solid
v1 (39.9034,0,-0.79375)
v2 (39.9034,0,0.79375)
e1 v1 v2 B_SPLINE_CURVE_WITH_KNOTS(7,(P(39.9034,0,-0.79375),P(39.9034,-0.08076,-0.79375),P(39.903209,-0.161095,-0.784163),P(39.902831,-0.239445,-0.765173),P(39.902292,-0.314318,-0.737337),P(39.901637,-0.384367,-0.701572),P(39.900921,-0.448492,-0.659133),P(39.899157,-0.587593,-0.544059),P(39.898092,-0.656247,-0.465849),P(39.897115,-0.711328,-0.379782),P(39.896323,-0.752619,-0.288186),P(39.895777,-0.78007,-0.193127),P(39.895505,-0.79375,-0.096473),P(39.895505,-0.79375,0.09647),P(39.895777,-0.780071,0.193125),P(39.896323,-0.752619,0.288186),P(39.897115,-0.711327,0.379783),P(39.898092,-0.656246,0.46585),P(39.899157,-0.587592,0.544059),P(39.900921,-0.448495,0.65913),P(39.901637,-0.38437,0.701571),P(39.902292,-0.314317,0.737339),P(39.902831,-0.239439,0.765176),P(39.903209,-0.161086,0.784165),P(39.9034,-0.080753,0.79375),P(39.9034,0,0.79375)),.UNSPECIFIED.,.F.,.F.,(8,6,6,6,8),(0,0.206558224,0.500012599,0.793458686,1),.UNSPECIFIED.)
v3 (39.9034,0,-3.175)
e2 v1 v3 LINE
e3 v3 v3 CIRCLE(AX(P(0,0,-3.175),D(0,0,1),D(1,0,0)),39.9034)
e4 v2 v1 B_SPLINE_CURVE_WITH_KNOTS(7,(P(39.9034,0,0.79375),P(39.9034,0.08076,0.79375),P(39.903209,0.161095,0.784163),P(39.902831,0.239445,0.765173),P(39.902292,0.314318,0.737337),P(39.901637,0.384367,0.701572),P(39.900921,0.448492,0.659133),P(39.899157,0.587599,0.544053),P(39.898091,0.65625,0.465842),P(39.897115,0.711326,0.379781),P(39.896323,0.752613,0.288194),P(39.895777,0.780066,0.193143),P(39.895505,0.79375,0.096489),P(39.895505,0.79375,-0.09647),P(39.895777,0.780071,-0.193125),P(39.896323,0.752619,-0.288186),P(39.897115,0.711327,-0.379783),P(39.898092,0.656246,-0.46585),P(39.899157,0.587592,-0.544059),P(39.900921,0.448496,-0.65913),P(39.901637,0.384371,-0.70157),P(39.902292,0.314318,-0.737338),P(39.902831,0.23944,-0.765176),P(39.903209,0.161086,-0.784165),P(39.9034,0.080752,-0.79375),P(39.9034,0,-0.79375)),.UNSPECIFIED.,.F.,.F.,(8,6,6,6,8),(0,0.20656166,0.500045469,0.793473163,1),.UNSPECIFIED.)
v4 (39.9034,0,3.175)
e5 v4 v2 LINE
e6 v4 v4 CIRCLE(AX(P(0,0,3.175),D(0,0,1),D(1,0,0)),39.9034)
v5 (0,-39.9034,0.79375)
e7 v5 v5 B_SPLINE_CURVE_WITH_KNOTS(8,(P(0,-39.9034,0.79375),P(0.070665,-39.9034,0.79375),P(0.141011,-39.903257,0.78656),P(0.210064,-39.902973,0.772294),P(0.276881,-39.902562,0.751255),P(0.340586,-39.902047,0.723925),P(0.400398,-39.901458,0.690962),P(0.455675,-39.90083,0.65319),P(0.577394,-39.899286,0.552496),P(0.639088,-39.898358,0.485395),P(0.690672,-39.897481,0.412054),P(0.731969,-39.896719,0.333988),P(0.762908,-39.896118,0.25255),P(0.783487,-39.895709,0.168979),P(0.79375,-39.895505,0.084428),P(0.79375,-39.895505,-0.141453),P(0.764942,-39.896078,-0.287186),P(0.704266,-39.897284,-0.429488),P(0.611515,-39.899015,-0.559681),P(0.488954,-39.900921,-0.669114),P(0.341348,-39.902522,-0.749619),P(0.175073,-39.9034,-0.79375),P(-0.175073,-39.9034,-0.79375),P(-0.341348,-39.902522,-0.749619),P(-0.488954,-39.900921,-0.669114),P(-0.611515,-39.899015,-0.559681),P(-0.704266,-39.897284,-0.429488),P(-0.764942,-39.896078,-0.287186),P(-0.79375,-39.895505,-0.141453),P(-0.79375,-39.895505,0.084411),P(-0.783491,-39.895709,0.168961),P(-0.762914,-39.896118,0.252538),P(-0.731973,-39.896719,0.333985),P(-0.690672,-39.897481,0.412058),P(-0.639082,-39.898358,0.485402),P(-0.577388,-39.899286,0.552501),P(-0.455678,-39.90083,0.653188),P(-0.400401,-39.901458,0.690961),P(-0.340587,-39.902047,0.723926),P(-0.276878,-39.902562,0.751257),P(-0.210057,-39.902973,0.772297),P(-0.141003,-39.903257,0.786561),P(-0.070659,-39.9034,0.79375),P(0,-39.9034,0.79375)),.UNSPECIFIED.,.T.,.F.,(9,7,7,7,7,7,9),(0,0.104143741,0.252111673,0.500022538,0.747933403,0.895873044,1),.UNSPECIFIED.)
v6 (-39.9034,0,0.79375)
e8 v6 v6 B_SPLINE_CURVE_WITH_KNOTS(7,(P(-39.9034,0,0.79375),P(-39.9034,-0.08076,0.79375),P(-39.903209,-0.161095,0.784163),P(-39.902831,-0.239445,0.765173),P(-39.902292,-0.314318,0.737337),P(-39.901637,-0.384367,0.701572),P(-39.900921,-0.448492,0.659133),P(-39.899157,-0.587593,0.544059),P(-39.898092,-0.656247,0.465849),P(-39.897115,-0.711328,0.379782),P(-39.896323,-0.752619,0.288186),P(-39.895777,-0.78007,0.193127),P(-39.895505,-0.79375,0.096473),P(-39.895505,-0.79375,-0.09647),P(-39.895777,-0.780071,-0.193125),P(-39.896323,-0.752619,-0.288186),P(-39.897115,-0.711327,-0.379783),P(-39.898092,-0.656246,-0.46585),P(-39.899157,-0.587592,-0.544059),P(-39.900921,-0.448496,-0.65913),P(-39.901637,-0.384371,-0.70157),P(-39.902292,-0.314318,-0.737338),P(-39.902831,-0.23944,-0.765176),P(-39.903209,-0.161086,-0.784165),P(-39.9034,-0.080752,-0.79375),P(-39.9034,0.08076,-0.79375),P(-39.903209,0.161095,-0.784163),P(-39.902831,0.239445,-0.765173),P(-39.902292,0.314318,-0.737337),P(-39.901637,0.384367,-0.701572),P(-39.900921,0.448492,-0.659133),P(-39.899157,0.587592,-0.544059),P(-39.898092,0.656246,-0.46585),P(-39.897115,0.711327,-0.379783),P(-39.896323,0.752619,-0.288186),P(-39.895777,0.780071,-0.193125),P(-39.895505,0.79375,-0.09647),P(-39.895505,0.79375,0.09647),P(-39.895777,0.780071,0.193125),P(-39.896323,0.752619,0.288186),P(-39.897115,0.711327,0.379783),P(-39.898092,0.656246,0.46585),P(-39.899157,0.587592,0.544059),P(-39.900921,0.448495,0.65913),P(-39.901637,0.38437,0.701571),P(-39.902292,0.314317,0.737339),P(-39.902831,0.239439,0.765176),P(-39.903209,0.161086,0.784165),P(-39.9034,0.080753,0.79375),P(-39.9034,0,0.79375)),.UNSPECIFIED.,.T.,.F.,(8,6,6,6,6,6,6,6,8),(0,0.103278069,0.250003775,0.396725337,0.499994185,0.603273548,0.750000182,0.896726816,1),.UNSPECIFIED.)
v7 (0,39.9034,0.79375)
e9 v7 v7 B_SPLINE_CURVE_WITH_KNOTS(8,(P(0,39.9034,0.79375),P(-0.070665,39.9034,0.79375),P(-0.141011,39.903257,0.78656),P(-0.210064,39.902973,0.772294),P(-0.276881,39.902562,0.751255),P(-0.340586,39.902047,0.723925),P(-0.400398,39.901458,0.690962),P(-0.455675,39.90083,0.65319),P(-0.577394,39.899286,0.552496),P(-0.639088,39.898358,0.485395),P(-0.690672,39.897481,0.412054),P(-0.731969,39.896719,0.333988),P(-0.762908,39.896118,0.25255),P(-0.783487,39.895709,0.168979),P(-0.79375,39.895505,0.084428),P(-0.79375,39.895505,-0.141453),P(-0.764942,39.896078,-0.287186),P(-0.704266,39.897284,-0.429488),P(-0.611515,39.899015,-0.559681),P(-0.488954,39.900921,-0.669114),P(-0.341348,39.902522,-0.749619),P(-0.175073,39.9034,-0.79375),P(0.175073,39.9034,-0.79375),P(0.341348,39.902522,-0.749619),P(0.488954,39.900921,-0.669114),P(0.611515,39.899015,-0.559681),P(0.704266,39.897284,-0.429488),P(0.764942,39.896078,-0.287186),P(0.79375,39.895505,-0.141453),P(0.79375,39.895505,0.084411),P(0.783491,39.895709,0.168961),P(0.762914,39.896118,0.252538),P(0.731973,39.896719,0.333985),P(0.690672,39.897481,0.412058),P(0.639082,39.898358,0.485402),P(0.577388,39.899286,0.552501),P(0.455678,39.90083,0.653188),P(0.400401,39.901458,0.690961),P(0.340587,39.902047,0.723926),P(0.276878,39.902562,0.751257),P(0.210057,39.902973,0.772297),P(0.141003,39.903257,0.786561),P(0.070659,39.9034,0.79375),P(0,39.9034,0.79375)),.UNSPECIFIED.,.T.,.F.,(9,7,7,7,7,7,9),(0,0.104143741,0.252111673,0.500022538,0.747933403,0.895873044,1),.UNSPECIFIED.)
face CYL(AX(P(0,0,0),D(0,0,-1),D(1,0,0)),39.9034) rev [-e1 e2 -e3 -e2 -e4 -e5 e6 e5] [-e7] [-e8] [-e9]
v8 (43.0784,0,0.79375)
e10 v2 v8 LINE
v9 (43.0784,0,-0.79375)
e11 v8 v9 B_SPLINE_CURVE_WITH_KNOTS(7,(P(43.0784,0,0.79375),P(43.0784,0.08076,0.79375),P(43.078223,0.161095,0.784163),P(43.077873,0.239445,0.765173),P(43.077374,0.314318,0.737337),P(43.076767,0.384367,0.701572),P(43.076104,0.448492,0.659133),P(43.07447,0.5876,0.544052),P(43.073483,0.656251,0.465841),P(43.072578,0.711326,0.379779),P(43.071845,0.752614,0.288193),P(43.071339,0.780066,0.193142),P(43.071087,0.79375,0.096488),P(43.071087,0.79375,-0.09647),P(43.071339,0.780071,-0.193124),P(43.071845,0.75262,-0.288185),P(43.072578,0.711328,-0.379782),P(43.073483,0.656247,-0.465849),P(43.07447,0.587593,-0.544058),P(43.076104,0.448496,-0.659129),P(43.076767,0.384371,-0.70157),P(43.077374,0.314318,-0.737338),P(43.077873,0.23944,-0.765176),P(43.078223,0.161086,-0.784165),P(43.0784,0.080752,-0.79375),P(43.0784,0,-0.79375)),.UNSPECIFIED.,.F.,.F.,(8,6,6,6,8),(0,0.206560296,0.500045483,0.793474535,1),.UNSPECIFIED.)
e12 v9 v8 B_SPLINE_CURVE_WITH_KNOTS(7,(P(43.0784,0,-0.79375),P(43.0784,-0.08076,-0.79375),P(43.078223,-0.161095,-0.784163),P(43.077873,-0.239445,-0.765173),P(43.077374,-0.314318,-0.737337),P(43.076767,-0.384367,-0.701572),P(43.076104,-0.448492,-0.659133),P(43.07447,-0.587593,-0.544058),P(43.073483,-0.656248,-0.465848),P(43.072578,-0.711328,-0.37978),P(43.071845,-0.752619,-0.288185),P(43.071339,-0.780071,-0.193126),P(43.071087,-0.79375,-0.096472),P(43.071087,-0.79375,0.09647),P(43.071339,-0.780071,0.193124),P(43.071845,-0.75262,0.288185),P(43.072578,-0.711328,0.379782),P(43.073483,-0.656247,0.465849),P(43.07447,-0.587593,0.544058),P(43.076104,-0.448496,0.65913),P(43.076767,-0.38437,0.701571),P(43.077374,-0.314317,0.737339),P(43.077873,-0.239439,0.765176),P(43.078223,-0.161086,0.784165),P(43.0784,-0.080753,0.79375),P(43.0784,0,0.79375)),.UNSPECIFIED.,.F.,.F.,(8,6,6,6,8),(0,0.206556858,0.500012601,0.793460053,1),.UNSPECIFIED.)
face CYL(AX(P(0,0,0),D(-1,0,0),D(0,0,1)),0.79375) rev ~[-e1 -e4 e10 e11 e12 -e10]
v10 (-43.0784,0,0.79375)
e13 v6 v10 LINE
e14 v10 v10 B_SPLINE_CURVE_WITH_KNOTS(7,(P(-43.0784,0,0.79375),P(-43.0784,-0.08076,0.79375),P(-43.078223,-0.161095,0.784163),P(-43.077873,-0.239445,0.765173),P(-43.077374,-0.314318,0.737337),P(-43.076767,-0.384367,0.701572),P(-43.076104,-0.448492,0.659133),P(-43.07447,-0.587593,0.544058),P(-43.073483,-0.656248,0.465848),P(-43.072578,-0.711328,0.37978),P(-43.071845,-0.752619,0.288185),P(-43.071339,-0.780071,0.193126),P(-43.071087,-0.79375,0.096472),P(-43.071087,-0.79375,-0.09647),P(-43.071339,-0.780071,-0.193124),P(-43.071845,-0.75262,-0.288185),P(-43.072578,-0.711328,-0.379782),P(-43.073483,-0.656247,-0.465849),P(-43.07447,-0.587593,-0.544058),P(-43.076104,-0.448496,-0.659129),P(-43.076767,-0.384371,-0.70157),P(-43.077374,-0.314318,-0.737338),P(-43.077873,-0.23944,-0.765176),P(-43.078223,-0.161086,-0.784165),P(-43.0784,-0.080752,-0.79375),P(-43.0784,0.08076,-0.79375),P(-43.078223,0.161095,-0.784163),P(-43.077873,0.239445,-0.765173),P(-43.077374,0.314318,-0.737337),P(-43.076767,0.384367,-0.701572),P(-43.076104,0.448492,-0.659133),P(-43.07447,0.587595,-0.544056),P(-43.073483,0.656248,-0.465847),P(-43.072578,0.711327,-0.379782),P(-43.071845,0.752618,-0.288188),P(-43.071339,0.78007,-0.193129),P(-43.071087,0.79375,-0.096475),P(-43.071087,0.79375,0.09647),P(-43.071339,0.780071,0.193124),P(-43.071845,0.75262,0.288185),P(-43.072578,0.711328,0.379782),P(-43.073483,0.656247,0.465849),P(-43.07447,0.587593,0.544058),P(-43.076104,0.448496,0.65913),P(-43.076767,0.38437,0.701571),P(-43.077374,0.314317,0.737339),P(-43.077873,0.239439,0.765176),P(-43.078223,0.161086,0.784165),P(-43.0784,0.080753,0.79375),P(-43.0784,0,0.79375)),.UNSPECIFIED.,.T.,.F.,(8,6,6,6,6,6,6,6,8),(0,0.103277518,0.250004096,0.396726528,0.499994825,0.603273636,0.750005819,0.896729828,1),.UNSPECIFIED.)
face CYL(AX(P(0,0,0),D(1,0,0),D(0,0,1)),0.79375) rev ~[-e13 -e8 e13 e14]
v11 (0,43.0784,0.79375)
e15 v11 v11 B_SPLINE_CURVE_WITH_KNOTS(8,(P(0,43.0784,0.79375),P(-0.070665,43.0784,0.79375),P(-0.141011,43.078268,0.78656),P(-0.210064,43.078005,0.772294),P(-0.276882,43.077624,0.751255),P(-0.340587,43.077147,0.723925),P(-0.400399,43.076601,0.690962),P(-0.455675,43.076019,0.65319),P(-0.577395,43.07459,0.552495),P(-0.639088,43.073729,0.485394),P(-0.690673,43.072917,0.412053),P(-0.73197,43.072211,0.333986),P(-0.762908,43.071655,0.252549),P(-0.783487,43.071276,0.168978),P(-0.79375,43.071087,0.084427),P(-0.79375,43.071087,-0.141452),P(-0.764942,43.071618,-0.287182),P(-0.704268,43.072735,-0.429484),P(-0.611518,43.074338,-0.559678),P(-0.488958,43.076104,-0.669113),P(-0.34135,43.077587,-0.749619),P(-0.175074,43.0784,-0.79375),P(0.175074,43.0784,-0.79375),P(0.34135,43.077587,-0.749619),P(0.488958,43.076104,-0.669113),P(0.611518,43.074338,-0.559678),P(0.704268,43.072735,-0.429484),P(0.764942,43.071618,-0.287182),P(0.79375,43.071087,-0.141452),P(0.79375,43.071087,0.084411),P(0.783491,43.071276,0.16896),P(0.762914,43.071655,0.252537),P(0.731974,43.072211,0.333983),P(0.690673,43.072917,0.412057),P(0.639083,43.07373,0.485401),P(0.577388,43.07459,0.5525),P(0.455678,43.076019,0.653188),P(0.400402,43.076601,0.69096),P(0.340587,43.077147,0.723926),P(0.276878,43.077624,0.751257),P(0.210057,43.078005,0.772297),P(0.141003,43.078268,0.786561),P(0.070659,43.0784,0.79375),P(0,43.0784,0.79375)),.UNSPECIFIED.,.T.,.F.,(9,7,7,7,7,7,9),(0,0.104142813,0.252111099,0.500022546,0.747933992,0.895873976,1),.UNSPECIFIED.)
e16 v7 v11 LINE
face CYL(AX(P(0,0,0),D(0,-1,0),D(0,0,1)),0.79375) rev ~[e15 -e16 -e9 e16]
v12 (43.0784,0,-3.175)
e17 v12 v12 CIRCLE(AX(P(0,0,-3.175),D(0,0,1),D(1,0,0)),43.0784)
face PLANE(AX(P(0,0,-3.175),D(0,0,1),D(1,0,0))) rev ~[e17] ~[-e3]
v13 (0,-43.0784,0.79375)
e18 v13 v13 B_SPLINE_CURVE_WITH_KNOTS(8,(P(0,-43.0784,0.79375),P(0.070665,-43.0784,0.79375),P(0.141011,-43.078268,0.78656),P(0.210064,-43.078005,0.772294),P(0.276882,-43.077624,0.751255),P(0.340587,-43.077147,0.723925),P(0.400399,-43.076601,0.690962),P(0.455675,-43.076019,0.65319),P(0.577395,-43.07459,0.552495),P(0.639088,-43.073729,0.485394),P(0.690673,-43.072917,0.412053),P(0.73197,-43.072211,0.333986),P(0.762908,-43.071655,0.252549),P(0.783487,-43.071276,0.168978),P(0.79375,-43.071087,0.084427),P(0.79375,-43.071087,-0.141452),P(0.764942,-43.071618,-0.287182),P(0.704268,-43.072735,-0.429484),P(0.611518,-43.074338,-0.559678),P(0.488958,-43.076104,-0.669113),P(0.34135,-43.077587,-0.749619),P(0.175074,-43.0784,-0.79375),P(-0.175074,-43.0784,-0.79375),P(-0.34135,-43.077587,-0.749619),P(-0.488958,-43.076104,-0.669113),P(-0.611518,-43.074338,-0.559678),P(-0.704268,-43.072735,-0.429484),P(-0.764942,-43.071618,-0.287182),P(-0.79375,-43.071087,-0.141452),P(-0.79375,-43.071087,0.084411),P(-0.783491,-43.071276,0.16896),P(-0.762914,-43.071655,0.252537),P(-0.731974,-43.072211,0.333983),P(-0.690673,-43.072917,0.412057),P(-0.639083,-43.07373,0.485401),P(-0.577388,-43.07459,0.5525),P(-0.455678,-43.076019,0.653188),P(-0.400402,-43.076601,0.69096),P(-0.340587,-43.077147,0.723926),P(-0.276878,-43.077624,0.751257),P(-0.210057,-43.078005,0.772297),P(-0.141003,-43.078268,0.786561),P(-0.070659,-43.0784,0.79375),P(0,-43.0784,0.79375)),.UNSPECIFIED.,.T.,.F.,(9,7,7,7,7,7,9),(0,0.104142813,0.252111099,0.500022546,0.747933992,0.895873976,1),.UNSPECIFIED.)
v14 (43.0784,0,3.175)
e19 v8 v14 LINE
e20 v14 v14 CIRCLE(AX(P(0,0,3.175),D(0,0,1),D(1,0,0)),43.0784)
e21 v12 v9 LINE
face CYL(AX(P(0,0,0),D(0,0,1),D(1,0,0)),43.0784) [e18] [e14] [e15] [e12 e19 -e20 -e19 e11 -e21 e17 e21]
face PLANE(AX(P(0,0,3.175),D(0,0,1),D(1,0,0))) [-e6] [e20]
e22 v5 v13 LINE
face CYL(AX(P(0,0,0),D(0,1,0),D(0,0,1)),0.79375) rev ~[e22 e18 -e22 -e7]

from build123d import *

# Parameters (mm, degrees)
SKETCH3_R           = 43.0784
SKETCH3_R_2         = 39.9034
BOSS_EXTRUDE1_DEPTH = 3.175
SKETCH4_R           = 0.79375
CUT_EXTRUDE1_DEPTH  = 62.004735211
CIRPATTERN1_COUNT   = 4


with BuildPart() as part:
    # Sketch3 → Boss-Extrude1 (new, symmetric)
    with BuildSketch(Plane.XY):
        Circle(SKETCH3_R)
        Circle(SKETCH3_R_2, mode=Mode.SUBTRACT)
    extrude(amount=BOSS_EXTRUDE1_DEPTH, both=True)

    # Sketch4 → Cut-Extrude1 (cut, through all)
    with BuildSketch(Plane(origin=(0, 0, 0), x_dir=(1, 0, 0), z_dir=(0, 1, 0))):
        with Locations(Location((0, 0, 0), (0, 0, 270))):
            Circle(SKETCH4_R)
    cut_extrude1 = extrude(amount=-CUT_EXTRUDE1_DEPTH, mode=Mode.SUBTRACT)

    # CirPattern1: Cut-Extrude1 ×4 about axis
    cirpattern1_axis = Axis((0, 0, 3.175), (0, 0, -1))
    for i in range(1, CIRPATTERN1_COUNT):
        add(cut_extrude1.rotate(cirpattern1_axis, i * 360 / CIRPATTERN1_COUNT), mode=Mode.SUBTRACT)


solid = part.part
